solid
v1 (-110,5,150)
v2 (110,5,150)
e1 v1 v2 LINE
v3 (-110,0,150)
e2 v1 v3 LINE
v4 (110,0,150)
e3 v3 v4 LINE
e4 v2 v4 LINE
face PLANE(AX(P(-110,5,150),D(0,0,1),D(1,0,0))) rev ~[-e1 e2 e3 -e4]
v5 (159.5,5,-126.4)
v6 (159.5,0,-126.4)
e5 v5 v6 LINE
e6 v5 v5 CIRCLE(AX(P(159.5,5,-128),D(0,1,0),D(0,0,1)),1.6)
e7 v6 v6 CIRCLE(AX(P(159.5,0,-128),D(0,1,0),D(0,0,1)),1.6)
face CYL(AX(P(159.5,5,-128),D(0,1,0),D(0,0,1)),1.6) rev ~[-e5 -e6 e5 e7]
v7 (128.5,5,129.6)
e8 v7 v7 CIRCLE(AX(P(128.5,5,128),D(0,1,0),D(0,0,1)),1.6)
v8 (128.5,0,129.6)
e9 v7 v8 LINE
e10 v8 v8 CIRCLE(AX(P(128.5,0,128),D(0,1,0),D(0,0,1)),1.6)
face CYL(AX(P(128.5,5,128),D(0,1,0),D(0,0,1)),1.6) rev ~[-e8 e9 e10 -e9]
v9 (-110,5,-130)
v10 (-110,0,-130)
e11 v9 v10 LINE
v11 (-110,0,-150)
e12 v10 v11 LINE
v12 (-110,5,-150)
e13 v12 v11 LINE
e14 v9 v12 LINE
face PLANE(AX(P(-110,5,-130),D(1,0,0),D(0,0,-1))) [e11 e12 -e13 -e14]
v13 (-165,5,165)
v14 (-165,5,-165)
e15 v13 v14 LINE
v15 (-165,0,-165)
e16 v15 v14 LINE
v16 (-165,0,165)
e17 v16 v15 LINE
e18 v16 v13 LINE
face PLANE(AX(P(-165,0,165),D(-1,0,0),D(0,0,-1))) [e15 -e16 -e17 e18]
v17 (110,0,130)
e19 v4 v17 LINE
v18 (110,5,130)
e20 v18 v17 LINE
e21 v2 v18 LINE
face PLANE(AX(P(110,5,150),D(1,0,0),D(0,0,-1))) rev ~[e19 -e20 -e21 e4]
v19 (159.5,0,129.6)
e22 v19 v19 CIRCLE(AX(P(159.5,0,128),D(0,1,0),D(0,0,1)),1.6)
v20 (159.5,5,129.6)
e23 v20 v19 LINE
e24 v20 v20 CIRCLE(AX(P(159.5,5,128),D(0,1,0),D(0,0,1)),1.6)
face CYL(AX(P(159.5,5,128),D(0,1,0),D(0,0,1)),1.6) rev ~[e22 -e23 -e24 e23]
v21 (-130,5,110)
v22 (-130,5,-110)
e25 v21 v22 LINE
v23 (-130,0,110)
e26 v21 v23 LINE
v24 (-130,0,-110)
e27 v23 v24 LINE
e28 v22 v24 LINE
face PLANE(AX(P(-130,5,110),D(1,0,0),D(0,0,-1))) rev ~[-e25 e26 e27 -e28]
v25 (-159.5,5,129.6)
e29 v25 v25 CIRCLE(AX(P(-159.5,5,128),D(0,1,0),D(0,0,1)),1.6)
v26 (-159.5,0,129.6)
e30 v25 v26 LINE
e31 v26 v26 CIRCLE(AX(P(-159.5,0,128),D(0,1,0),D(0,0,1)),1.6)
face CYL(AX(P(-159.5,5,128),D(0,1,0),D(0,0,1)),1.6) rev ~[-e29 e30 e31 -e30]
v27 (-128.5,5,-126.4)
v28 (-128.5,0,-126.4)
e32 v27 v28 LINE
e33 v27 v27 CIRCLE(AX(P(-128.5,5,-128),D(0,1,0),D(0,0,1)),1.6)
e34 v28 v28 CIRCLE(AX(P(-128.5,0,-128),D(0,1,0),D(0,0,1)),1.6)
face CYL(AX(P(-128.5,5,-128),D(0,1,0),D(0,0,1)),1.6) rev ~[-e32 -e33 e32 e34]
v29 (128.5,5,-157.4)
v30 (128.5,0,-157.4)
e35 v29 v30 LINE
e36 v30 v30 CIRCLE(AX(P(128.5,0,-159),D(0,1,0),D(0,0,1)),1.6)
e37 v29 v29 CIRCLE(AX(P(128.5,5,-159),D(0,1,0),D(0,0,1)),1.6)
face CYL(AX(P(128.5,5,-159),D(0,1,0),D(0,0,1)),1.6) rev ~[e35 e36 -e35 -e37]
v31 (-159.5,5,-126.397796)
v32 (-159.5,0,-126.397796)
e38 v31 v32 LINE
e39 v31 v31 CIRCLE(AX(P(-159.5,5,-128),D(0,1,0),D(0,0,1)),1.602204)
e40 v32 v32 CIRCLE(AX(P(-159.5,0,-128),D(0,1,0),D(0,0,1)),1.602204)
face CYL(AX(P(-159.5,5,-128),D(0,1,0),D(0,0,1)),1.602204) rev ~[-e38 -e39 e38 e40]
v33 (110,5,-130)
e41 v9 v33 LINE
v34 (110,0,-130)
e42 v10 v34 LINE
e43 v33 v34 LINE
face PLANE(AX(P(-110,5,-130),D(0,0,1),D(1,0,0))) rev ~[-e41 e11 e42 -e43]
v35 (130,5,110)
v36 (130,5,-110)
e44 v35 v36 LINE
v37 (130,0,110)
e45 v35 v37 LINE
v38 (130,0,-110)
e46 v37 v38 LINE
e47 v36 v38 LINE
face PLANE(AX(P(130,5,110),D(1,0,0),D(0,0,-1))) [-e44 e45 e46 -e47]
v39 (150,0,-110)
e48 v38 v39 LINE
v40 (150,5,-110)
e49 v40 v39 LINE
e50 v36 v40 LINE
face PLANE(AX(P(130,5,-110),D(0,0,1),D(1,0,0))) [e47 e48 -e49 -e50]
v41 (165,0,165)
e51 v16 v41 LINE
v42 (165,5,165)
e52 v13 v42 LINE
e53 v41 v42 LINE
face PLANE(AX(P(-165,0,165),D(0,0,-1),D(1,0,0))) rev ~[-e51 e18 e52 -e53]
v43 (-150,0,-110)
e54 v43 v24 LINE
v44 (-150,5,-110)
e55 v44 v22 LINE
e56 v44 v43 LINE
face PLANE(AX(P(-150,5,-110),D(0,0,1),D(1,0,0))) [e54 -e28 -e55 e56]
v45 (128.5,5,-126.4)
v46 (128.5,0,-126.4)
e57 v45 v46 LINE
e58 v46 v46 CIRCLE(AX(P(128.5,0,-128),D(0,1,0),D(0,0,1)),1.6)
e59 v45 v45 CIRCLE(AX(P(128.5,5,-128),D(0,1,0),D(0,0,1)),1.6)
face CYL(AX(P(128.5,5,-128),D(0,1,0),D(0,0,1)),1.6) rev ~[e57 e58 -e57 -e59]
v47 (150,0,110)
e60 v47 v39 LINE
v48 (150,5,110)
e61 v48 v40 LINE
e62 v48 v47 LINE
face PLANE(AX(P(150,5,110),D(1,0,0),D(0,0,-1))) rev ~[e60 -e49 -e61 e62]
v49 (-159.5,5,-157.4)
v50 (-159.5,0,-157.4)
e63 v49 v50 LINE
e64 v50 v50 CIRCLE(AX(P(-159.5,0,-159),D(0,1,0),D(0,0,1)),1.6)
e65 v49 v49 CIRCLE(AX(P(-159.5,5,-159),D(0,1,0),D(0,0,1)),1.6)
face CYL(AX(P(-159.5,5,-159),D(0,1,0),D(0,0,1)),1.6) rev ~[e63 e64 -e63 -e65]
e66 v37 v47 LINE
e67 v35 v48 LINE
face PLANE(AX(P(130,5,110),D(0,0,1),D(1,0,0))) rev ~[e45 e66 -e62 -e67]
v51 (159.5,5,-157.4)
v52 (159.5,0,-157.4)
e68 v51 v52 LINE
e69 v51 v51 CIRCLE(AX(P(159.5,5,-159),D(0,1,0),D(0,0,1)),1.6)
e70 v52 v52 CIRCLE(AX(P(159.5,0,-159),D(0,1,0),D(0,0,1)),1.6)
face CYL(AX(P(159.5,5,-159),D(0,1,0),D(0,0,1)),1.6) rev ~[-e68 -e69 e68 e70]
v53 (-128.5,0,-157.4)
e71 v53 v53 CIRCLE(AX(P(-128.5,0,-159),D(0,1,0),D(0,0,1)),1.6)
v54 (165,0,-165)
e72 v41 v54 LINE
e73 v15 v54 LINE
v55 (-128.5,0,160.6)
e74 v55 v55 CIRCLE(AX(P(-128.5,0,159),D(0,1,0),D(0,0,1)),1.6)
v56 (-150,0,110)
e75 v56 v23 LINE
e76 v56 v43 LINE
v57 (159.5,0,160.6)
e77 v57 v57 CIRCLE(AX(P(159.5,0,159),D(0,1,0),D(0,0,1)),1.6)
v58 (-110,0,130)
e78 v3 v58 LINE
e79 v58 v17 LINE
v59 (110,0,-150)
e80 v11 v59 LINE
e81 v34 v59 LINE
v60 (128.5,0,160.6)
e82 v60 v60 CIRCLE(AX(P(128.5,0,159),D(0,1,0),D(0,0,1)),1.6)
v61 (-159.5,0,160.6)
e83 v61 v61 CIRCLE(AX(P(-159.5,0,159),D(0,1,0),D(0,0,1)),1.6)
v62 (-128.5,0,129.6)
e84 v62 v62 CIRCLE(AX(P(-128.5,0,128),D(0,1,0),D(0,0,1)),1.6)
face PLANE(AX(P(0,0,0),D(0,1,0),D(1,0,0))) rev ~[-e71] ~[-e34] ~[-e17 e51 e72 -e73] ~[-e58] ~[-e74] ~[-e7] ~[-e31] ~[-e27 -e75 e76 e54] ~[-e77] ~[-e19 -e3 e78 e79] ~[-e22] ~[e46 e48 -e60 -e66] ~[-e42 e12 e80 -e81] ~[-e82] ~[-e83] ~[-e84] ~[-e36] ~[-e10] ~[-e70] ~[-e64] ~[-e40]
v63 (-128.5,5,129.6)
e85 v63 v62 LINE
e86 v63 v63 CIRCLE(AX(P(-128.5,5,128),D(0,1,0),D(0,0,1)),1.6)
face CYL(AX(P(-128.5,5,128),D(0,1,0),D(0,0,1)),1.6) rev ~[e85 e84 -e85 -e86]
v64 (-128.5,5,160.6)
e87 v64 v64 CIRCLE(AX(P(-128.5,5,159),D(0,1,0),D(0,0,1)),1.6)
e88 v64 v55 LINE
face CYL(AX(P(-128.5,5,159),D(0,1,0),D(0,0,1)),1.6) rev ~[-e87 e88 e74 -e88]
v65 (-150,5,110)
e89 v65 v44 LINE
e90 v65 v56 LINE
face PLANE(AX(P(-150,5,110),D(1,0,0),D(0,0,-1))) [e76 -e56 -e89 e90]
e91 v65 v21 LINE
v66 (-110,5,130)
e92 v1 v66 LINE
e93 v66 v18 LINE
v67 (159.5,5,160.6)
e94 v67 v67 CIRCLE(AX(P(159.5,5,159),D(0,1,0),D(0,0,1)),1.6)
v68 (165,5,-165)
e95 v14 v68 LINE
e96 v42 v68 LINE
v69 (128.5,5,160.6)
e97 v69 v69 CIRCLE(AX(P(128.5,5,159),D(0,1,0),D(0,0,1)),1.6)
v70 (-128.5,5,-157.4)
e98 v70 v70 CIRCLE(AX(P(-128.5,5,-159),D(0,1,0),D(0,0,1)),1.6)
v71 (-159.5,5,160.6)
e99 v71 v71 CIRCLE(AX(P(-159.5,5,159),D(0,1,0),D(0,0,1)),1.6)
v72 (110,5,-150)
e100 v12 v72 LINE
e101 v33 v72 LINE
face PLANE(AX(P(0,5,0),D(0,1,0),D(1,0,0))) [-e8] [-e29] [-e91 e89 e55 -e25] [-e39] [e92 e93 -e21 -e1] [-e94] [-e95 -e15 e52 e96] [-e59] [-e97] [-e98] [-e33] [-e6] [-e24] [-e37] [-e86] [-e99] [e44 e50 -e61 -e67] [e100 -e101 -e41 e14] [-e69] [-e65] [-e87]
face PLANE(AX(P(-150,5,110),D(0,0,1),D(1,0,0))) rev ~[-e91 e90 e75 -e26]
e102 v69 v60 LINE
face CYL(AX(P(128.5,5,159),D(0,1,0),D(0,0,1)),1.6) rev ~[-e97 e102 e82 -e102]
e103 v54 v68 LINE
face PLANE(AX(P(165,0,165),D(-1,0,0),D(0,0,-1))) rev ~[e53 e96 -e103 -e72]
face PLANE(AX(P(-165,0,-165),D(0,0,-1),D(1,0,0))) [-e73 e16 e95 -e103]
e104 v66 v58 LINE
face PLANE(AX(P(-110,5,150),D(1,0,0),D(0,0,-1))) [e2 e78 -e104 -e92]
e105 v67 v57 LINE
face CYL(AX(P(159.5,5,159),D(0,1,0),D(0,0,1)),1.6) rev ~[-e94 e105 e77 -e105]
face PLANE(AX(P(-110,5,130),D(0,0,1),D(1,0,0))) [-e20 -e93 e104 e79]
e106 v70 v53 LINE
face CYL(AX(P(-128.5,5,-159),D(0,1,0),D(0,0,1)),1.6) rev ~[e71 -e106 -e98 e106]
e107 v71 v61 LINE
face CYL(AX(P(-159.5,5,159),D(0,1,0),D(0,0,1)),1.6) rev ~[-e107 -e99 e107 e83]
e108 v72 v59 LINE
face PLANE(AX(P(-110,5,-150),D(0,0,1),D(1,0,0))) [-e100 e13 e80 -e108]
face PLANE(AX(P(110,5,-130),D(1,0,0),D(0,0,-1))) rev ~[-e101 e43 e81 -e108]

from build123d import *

# Parameters (mm, degrees)
SKETCH_1_W          = 330
SKETCH_1_H          = 330
EXTRUDE_1_DEPTH     = 5
SKETCH_2_R          = 1.6
SKETCH_2_R_2        = 1.602203763
CUT_EXTRUDE_1_DEPTH = 234.39880034
SKETCH_3_W          = 220
SKETCH_3_H          = 20
CUT_EXTRUDE_2_DEPTH = 234.39880034
SKETCH_4_W          = 20
SKETCH_4_H          = 220
CUT_EXTRUDE_3_DEPTH = 234.39880034
SKETCH_7_W          = 220
SKETCH_7_H          = 20
CUT_EXTRUDE_4_DEPTH = 234.39880034
SKETCH_9_W          = 239.54111937
SKETCH_9_H          = 233.56752537
EXTRUDE_2_DEPTH     = 5


with BuildPart() as part:
    # 草图1 → 凸台-拉伸1 (new body)
    with BuildSketch(Plane(origin=(0, 0, 0), x_dir=(1, 0, 0), z_dir=(0, 1, 0))):
        Rectangle(SKETCH_1_W, SKETCH_1_H)
    extrude(amount=EXTRUDE_1_DEPTH)

    # 草图2 → 切除-拉伸1 (cut, through all)
    with BuildSketch(Plane(origin=(0, 5, 0), x_dir=(1, 0, 0), z_dir=(0, 1, 0))):
        with Locations(Location((-159.5, 159, 0), (0, 0, 270))):
            Circle(SKETCH_2_R)
        with Locations(Location((-128.5, 159, 0), (0, 0, 270))):
            Circle(SKETCH_2_R)
        with Locations(Location((-159.5, 128, 0), (0, 0, 270))):
            Circle(SKETCH_2_R_2)
        with Locations(Location((-128.5, 128, 0), (0, 0, 270))):
            Circle(SKETCH_2_R)
        with Locations(Location((128.5, 159, 0), (0, 0, 270))):
            Circle(SKETCH_2_R)
        with Locations(Location((159.5, 159, 0), (0, 0, 270))):
            Circle(SKETCH_2_R)
        with Locations(Location((128.5, 128, 0), (0, 0, 270))):
            Circle(SKETCH_2_R)
        with Locations(Location((159.5, 128, 0), (0, 0, 270))):
            Circle(SKETCH_2_R)
        with Locations(Location((128.5, -128, 0), (0, 0, 270))):
            Circle(SKETCH_2_R)
        with Locations(Location((159.5, -128, 0), (0, 0, 270))):
            Circle(SKETCH_2_R)
        with Locations(Location((159.5, -159, 0), (0, 0, 270))):
            Circle(SKETCH_2_R)
        with Locations(Location((128.5, -159, 0), (0, 0, 270))):
            Circle(SKETCH_2_R)
        with Locations(Location((-128.5, -159, 0), (0, 0, 270))):
            Circle(SKETCH_2_R)
        with Locations(Location((-159.5, -159, 0), (0, 0, 270))):
            Circle(SKETCH_2_R)
        with Locations(Location((-159.5, -128, 0), (0, 0, 270))):
            Circle(SKETCH_2_R)
        with Locations(Location((-128.5, -128, 0), (0, 0, 270))):
            Circle(SKETCH_2_R)
    extrude(amount=-CUT_EXTRUDE_1_DEPTH, mode=Mode.SUBTRACT)

    # 草图3 → 切除-拉伸2 (cut, through all)
    with BuildSketch(Plane(origin=(0, 5, 0), x_dir=(1, 0, 0), z_dir=(0, 1, 0))):
        with Locations((0, 100)):
            Rectangle(SKETCH_3_W, SKETCH_3_H)
        with Locations((0, 50)):
            Rectangle(SKETCH_3_W, SKETCH_3_H)
        Rectangle(SKETCH_3_W, SKETCH_3_H)
        with Locations((0, -50)):
            Rectangle(SKETCH_3_W, SKETCH_3_H)
        with Locations((0, -100)):
            Rectangle(SKETCH_3_W, SKETCH_3_H)
    extrude(amount=-CUT_EXTRUDE_2_DEPTH, mode=Mode.SUBTRACT)

    # 草图4 → 切除-拉伸3 (cut, through all)
    with BuildSketch(Plane(origin=(0, 5, 0), x_dir=(1, 0, 0), z_dir=(0, 1, 0))):
        with Locations((-140, 0)):
            Rectangle(SKETCH_4_W, SKETCH_4_H)
        with Locations((140, 0)):
            Rectangle(SKETCH_4_W, SKETCH_4_H)
    extrude(amount=-CUT_EXTRUDE_3_DEPTH, mode=Mode.SUBTRACT)

    # 草图7 → 切除-拉伸4 (cut, through all)
    with BuildSketch(Plane(origin=(0, 5, 0), x_dir=(1, 0, 0), z_dir=(0, 1, 0))):
        with Locations((0, 140)):
            Rectangle(SKETCH_7_W, SKETCH_7_H)
        with Locations((0, -140)):
            Rectangle(SKETCH_7_W, SKETCH_7_H)
    extrude(amount=-CUT_EXTRUDE_4_DEPTH, mode=Mode.SUBTRACT)

    # 草图9 → 凸台-拉伸2 (add)
    with BuildSketch(Plane(origin=(0, 5, 0), x_dir=(1, 0, 0), z_dir=(0, 1, 0))):
        with Locations((2.0907579, 0.2986797)):
            Rectangle(SKETCH_9_W, SKETCH_9_H)
    extrude(amount=-EXTRUDE_2_DEPTH)


solid = part.part
